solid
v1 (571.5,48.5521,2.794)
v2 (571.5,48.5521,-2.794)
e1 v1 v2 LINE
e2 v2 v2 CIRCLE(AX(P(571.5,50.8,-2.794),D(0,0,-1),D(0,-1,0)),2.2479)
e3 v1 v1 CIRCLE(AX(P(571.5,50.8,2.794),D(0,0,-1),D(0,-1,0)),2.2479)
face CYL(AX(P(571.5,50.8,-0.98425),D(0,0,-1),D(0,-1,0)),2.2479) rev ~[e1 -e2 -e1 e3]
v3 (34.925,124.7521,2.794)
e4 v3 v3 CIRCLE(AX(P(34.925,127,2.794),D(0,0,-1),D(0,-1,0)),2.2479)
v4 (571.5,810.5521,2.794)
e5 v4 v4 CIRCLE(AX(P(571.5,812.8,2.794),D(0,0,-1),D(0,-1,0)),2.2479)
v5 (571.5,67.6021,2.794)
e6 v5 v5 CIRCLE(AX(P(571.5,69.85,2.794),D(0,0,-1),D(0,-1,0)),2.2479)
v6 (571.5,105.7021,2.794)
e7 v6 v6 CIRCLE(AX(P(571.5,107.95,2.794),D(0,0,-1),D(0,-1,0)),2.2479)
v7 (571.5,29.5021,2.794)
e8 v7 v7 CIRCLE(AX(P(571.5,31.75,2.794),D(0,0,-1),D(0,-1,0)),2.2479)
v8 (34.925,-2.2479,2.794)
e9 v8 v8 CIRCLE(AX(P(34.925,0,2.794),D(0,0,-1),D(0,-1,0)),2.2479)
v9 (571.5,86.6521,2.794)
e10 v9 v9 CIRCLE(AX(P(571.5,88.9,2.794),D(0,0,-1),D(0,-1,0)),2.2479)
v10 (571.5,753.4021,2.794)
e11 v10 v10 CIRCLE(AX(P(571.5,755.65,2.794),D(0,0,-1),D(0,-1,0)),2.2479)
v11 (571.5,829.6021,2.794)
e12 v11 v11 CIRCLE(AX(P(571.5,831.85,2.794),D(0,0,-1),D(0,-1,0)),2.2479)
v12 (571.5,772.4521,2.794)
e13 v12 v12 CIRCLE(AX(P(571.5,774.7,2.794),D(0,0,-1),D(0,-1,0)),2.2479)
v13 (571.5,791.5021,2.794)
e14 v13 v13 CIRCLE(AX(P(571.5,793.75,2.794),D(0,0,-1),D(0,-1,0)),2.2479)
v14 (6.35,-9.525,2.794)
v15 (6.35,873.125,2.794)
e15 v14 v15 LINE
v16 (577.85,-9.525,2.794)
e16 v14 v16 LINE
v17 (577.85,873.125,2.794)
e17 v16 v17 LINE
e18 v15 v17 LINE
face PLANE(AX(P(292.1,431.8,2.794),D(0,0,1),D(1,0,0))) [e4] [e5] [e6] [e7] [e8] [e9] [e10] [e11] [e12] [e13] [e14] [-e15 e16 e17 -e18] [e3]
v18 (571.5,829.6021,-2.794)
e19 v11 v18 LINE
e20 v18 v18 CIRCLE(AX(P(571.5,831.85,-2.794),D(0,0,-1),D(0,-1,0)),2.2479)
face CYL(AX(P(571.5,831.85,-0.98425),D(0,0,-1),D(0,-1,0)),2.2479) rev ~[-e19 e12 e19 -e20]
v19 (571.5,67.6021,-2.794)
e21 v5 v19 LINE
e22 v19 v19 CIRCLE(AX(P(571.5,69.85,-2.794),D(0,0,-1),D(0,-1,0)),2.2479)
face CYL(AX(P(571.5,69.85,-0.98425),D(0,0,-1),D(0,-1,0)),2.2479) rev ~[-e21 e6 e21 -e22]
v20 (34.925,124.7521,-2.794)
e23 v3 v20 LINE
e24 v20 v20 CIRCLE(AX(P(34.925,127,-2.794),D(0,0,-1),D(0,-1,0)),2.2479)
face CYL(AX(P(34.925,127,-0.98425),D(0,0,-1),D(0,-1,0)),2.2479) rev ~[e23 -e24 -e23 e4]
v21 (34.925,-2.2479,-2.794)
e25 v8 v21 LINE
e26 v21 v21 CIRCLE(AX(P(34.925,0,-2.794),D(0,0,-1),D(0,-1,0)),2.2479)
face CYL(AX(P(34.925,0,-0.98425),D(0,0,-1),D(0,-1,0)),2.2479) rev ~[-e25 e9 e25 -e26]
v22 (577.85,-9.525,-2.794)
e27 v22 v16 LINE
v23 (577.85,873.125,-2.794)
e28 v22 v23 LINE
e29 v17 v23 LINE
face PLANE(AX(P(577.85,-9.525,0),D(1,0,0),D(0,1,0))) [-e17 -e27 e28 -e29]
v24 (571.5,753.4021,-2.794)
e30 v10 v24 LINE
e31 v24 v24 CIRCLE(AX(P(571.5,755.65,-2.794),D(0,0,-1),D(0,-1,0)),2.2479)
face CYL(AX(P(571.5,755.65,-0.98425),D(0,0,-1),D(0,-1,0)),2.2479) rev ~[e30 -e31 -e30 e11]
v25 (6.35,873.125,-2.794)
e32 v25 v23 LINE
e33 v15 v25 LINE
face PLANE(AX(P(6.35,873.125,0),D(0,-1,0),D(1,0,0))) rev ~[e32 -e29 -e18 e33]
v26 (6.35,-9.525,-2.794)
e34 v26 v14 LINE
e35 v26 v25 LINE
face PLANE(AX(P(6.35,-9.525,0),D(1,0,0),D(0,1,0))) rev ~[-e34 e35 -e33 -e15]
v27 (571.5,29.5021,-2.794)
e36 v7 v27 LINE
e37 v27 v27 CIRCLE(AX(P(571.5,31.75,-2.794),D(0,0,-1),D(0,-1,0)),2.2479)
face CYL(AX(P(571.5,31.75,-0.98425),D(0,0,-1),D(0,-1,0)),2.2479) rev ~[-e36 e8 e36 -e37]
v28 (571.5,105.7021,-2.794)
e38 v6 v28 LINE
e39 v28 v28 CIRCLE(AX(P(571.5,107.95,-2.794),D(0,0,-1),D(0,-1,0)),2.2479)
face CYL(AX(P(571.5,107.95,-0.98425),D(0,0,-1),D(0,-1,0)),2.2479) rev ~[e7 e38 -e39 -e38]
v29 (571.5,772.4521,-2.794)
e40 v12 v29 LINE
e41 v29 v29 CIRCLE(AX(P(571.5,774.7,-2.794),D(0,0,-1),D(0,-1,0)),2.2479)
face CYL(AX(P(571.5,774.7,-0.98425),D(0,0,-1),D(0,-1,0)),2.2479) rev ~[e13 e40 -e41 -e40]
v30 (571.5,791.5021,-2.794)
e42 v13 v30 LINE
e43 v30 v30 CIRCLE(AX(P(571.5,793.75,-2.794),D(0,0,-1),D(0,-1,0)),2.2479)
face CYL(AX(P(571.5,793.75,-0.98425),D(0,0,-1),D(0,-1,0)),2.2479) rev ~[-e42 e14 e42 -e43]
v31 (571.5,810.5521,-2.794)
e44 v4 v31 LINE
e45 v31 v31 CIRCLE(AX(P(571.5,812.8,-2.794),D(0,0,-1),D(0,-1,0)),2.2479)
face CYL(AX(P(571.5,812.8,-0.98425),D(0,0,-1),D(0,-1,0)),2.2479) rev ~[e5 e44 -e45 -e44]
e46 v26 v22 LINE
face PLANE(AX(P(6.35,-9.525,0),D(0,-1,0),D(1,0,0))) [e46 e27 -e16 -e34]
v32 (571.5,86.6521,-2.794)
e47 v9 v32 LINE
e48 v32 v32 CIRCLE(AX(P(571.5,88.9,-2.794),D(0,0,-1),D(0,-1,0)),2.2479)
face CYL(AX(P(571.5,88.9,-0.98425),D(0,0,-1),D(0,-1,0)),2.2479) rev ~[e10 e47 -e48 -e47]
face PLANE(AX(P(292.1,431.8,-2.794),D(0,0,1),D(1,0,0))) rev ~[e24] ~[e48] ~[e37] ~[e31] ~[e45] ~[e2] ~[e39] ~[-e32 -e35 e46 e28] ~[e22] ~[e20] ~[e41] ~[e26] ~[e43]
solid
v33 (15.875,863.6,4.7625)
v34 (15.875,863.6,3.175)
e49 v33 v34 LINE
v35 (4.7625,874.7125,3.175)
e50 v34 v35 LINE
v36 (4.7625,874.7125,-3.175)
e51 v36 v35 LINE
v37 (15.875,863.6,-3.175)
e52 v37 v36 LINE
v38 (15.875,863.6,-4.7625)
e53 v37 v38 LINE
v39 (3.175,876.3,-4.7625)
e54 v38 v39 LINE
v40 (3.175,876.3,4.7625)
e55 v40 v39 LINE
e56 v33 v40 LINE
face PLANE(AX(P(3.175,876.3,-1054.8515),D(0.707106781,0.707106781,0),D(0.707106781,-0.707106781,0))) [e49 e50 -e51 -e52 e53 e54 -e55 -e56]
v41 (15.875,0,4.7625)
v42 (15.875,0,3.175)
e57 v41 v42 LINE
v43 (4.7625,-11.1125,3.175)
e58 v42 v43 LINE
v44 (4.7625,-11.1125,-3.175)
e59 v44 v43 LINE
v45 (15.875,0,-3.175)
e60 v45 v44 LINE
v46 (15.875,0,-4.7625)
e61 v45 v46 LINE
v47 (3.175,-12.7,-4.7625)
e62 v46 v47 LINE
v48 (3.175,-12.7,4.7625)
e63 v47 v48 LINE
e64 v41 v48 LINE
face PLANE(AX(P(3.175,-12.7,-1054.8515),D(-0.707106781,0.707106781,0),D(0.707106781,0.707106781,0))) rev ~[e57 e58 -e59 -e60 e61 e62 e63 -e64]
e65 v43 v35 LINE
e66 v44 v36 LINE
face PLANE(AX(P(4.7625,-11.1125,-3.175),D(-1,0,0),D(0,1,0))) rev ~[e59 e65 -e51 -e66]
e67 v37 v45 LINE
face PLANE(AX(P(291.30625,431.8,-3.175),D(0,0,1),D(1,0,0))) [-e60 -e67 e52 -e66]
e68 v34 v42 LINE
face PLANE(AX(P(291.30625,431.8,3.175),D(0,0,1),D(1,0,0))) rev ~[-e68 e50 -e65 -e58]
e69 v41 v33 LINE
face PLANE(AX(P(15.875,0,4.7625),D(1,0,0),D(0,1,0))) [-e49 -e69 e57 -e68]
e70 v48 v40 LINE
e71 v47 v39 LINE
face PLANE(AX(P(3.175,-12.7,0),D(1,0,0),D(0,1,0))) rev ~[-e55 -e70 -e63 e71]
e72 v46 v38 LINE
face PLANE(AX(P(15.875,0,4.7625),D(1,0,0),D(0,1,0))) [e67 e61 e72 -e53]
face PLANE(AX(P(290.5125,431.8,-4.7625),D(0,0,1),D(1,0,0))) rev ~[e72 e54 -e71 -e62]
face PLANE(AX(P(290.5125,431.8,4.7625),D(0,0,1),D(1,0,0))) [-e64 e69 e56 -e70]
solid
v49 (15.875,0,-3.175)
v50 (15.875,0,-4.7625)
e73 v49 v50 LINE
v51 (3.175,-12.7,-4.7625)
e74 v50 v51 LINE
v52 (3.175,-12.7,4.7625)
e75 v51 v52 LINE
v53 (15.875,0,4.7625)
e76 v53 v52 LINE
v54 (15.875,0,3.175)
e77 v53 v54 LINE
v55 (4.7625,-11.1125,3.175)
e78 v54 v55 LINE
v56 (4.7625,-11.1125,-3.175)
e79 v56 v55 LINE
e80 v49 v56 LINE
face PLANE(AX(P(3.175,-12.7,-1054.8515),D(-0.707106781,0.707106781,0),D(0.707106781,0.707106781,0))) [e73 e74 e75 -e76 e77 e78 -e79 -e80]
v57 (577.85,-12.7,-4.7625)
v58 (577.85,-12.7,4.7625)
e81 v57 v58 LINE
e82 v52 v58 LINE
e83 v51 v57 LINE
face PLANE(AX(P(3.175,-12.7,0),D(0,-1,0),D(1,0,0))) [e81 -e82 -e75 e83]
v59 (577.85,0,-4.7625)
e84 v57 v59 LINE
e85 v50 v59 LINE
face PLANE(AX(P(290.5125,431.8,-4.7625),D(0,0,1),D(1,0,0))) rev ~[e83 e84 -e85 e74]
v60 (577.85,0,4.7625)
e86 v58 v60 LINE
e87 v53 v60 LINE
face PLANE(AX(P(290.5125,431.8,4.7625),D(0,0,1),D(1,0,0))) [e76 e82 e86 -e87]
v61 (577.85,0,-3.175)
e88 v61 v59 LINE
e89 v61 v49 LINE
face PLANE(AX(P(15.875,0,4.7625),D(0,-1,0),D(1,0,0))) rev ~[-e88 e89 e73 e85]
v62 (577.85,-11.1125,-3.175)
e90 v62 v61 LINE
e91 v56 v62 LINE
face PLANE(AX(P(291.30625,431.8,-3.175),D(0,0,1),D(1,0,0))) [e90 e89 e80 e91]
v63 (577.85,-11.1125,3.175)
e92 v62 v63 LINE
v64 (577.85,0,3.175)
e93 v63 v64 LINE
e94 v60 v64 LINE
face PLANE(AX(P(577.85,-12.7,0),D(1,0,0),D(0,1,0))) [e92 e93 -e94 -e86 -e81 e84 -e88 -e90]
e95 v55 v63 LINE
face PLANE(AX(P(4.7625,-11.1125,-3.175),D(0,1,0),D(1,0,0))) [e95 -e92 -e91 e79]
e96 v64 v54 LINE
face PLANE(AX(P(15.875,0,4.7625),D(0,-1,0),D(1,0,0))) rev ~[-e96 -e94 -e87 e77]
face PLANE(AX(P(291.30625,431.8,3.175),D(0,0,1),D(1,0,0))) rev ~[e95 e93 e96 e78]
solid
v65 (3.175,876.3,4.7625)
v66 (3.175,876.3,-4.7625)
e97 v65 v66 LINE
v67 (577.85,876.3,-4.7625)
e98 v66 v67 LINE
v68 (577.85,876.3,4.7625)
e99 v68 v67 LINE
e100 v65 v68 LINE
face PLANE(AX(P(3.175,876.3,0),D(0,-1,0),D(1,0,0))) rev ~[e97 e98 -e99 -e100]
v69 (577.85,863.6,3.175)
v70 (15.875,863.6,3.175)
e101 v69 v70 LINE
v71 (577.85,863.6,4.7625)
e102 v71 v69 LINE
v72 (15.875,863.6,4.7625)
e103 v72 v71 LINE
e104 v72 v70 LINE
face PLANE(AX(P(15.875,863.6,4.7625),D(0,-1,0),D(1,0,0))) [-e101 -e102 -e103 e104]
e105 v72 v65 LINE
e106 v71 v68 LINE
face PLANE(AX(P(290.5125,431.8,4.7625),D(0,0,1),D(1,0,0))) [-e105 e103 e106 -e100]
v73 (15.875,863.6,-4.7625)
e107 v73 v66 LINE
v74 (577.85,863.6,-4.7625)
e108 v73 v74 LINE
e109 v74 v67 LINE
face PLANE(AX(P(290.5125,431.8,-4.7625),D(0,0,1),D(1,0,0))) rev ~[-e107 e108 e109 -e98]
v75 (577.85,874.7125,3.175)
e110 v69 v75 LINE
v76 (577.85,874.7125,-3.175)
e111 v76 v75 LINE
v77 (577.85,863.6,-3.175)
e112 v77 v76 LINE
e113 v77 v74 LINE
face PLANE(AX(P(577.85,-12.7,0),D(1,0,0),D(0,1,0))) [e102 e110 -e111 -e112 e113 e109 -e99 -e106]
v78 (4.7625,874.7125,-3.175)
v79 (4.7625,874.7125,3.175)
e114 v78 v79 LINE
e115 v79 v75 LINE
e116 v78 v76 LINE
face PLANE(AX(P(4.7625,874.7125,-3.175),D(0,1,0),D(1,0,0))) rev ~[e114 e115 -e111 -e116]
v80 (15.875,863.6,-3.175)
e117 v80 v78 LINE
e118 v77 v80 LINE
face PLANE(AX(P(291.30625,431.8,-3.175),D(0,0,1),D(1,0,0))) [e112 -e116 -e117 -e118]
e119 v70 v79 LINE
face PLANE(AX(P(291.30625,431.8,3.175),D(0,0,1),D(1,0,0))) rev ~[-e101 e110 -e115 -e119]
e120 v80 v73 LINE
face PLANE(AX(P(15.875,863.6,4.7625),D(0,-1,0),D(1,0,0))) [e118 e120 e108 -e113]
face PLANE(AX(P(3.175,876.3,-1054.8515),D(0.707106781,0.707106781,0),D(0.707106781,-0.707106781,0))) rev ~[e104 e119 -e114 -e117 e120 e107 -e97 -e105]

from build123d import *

# Parameters (mm, degrees)
SKETCH2_W                             = 574.675
SKETCH2_H                             = 889
FRAME_OUTER_DIMENSIONS_DEPTH          = 4.7625
SKETCH3_W                             = 561.975
SKETCH3_H                             = 863.6
FRAME_INNER_DIMENSIONS_DEPTH          = 1050.71569395
FRAME_PROFILE_DEPTH                   = 3.175
FRAME_PROFILE_DEPTH_BACK              = 3.175
SKETCH4_W                             = 573.0875
SKETCH4_H                             = 885.825
FRAME_SECTION_SPLIT_SURFACE_1_1_BACK  = 1059.614
FRAME_SECTION_SPLIT_SURFACE_1_1_DEPTH = 2119.228
FRAME_SECTION_SPLIT_SURFACE_1_2_BACK  = 1059.614
FRAME_SECTION_SPLIT_SURFACE_1_2_DEPTH = 2119.228
FRAME_SECTION_SPLIT_SURFACE_2_3_BACK  = 1059.614
FRAME_SECTION_SPLIT_SURFACE_2_3_DEPTH = 2119.228
FRAME_SECTION_SPLIT_SURFACE_2_4_BACK  = 1059.614
FRAME_SECTION_SPLIT_SURFACE_2_4_DEPTH = 2119.228
SKETCH5_W                             = 571.5
SKETCH5_H                             = 882.65
DOOR_PANEL_DEPTH                      = 2.794
SKETCH9_W                             = 2.2479
SKETCH9_H                             = 7.5565
F_8_CLEARANCE_HOLE1_AT_2_COUNT        = 2
F_8_CLEARANCE_HOLE1_AT_2_PITCH        = 19.05
F_8_CLEARANCE_HOLE1_AT_3_COUNT        = 2
F_8_CLEARANCE_HOLE1_AT_3_PITCH        = 38.1
F_8_CLEARANCE_HOLE1_AT_4_COUNT        = 2
F_8_CLEARANCE_HOLE1_AT_4_PITCH        = 57.15
F_8_CLEARANCE_HOLE1_AT_5_COUNT        = 2
F_8_CLEARANCE_HOLE1_AT_5_PITCH        = 76.2
F_8_CLEARANCE_HOLE1_AT_6_COUNT        = 2
F_8_CLEARANCE_HOLE1_AT_6_PITCH        = 742.95
F_8_CLEARANCE_HOLE1_AT_7_COUNT        = 2
F_8_CLEARANCE_HOLE1_AT_7_PITCH        = 762
F_8_CLEARANCE_HOLE1_AT_8_COUNT        = 2
F_8_CLEARANCE_HOLE1_AT_8_PITCH        = 781.05
F_8_CLEARANCE_HOLE1_AT_9_COUNT        = 2
F_8_CLEARANCE_HOLE1_AT_9_PITCH        = 800.1
F_8_CLEARANCE_HOLE1_AT_10_COUNT       = 2
F_8_CLEARANCE_HOLE1_AT_10_PITCH       = 723.9
SKETCH12_W                            = 2.2479
SKETCH12_H                            = 7.5565
F_8_CLEARANCE_HOLE2_AT_2_COUNT        = 2
F_8_CLEARANCE_HOLE2_AT_2_PITCH        = 127


with BuildPart() as part:
    # Sketch2 → Frame outer dimensions (new, symmetric)
    with BuildSketch(Plane.XY):
        with Locations((290.5125, 431.8)):
            Rectangle(SKETCH2_W, SKETCH2_H)
    extrude(amount=FRAME_OUTER_DIMENSIONS_DEPTH, both=True)

    # Sketch3 → Frame inner dimensions (cut, through all)
    with BuildSketch(Plane.XY.offset(4.7625)):
        with Locations((296.8625, 431.8)):
            Rectangle(SKETCH3_W, SKETCH3_H)
    extrude(amount=-FRAME_INNER_DIMENSIONS_DEPTH, mode=Mode.SUBTRACT)

    # Sketch4 → Frame profile (cut, two sides: drawn at the far end of the back side and taken through both)
    with BuildSketch(Plane.XY.offset(-FRAME_PROFILE_DEPTH_BACK)):
        with Locations((291.30625, 431.8)):
            Rectangle(SKETCH4_W, SKETCH4_H)
    extrude(amount=FRAME_PROFILE_DEPTH + FRAME_PROFILE_DEPTH_BACK, mode=Mode.SUBTRACT)


with BuildPart() as body_2:
    # Frame section split: the piece behind the surface
    add(part.part)
    # Frame section split surface 1: a surface, the sketch's curves swept straight by 2119.228 mm
    with BuildLine(Plane.XY.offset(4.7625).offset(-FRAME_SECTION_SPLIT_SURFACE_1_1_BACK), mode=Mode.PRIVATE) as frame_section_split_surface_1_1_path:
        Line((3.175, 876.3), (15.875, 863.6))
    frame_section_split_surface_1_1 = Shell.extrude(frame_section_split_surface_1_1_path.wire(), (0 * FRAME_SECTION_SPLIT_SURFACE_1_1_DEPTH, 0 * FRAME_SECTION_SPLIT_SURFACE_1_1_DEPTH, 1 * FRAME_SECTION_SPLIT_SURFACE_1_1_DEPTH))
    split(bisect_by=frame_section_split_surface_1_1, keep=Keep.BOTTOM)


with BuildPart() as part_1:
    add(part.part)

    # Frame section split: split by a surface, the side it looks to stays
    # Frame section split surface 1: a surface, the sketch's curves swept straight by 2119.228 mm
    with BuildLine(Plane.XY.offset(4.7625).offset(-FRAME_SECTION_SPLIT_SURFACE_1_2_BACK), mode=Mode.PRIVATE) as frame_section_split_surface_1_2_path:
        Line((3.175, 876.3), (15.875, 863.6))
    frame_section_split_surface_1_2 = Shell.extrude(frame_section_split_surface_1_2_path.wire(), (0 * FRAME_SECTION_SPLIT_SURFACE_1_2_DEPTH, 0 * FRAME_SECTION_SPLIT_SURFACE_1_2_DEPTH, 1 * FRAME_SECTION_SPLIT_SURFACE_1_2_DEPTH))
    split(bisect_by=frame_section_split_surface_1_2, keep=Keep.TOP)


with BuildPart() as body_3:
    # Frame section split 2 body 2: the piece behind the surface
    add(body_2.part)
    # Frame section split surface 2: a surface, the sketch's curves swept straight by 2119.228 mm
    with BuildLine(Plane.XY.offset(4.7625).offset(-FRAME_SECTION_SPLIT_SURFACE_2_3_BACK), mode=Mode.PRIVATE) as frame_section_split_surface_2_3_path:
        Line((3.175, -12.7), (15.875, 0))
    frame_section_split_surface_2_3 = Shell.extrude(frame_section_split_surface_2_3_path.wire(), (0 * FRAME_SECTION_SPLIT_SURFACE_2_3_DEPTH, 0 * FRAME_SECTION_SPLIT_SURFACE_2_3_DEPTH, 1 * FRAME_SECTION_SPLIT_SURFACE_2_3_DEPTH))
    split(bisect_by=frame_section_split_surface_2_3, keep=Keep.BOTTOM)


with BuildPart() as body_2_1:
    add(body_2.part)

    # Frame section split 2 body 2: split by a surface, the side it looks to stays
    # Frame section split surface 2: a surface, the sketch's curves swept straight by 2119.228 mm
    with BuildLine(Plane.XY.offset(4.7625).offset(-FRAME_SECTION_SPLIT_SURFACE_2_4_BACK), mode=Mode.PRIVATE) as frame_section_split_surface_2_4_path:
        Line((3.175, -12.7), (15.875, 0))
    frame_section_split_surface_2_4 = Shell.extrude(frame_section_split_surface_2_4_path.wire(), (0 * FRAME_SECTION_SPLIT_SURFACE_2_4_DEPTH, 0 * FRAME_SECTION_SPLIT_SURFACE_2_4_DEPTH, 1 * FRAME_SECTION_SPLIT_SURFACE_2_4_DEPTH))
    split(bisect_by=frame_section_split_surface_2_4, keep=Keep.TOP)


with BuildPart() as body_4:
    # Sketch5 → Door panel (new, symmetric)
    with BuildSketch(Plane.XY):
        with Locations((292.1, 431.8)):
            Rectangle(SKETCH5_W, SKETCH5_H)
    extrude(amount=DOOR_PANEL_DEPTH, both=True)

    # Sketch9 → #8 Clearance Hole1 (revolve, cut)
    with BuildSketch(Plane(origin=(571.5, 31.75, 2.794), x_dir=(0, -1, 0), z_dir=(1, 0, 0))):
        with Locations((1.12395, 3.77825)):
            Rectangle(SKETCH9_W, SKETCH9_H)
    f_8_clearance_hole1 = revolve(axis=Axis((571.5, 31.75, 9.144), (0, 0, -1)), mode=Mode.SUBTRACT)

    # #8 Clearance Hole1 at 2: #8 Clearance Hole1 ×2
    with Locations(*[(0, i * F_8_CLEARANCE_HOLE1_AT_2_PITCH, 0) for i in range(1, F_8_CLEARANCE_HOLE1_AT_2_COUNT)]):
        add(f_8_clearance_hole1, mode=Mode.SUBTRACT)

    # #8 Clearance Hole1 at 3: #8 Clearance Hole1 ×2
    with Locations(*[(0, i * F_8_CLEARANCE_HOLE1_AT_3_PITCH, 0) for i in range(1, F_8_CLEARANCE_HOLE1_AT_3_COUNT)]):
        add(f_8_clearance_hole1, mode=Mode.SUBTRACT)

    # #8 Clearance Hole1 at 4: #8 Clearance Hole1 ×2
    with Locations(*[(0, i * F_8_CLEARANCE_HOLE1_AT_4_PITCH, 0) for i in range(1, F_8_CLEARANCE_HOLE1_AT_4_COUNT)]):
        add(f_8_clearance_hole1, mode=Mode.SUBTRACT)

    # #8 Clearance Hole1 at 5: #8 Clearance Hole1 ×2
    with Locations(*[(0, i * F_8_CLEARANCE_HOLE1_AT_5_PITCH, 0) for i in range(1, F_8_CLEARANCE_HOLE1_AT_5_COUNT)]):
        add(f_8_clearance_hole1, mode=Mode.SUBTRACT)

    # #8 Clearance Hole1 at 6: #8 Clearance Hole1 ×2
    with Locations(*[(0, i * F_8_CLEARANCE_HOLE1_AT_6_PITCH, 0) for i in range(1, F_8_CLEARANCE_HOLE1_AT_6_COUNT)]):
        add(f_8_clearance_hole1, mode=Mode.SUBTRACT)

    # #8 Clearance Hole1 at 7: #8 Clearance Hole1 ×2
    with Locations(*[(0, i * F_8_CLEARANCE_HOLE1_AT_7_PITCH, 0) for i in range(1, F_8_CLEARANCE_HOLE1_AT_7_COUNT)]):
        add(f_8_clearance_hole1, mode=Mode.SUBTRACT)

    # #8 Clearance Hole1 at 8: #8 Clearance Hole1 ×2
    with Locations(*[(0, i * F_8_CLEARANCE_HOLE1_AT_8_PITCH, 0) for i in range(1, F_8_CLEARANCE_HOLE1_AT_8_COUNT)]):
        add(f_8_clearance_hole1, mode=Mode.SUBTRACT)

    # #8 Clearance Hole1 at 9: #8 Clearance Hole1 ×2
    with Locations(*[(0, i * F_8_CLEARANCE_HOLE1_AT_9_PITCH, 0) for i in range(1, F_8_CLEARANCE_HOLE1_AT_9_COUNT)]):
        add(f_8_clearance_hole1, mode=Mode.SUBTRACT)

    # #8 Clearance Hole1 at 10: #8 Clearance Hole1 ×2
    with Locations(*[(0, i * F_8_CLEARANCE_HOLE1_AT_10_PITCH, 0) for i in range(1, F_8_CLEARANCE_HOLE1_AT_10_COUNT)]):
        add(f_8_clearance_hole1, mode=Mode.SUBTRACT)

    # Sketch12 → #8 Clearance Hole2 (revolve, cut)
    with BuildSketch(Plane(origin=(34.925, 0, 2.794), x_dir=(0, -1, 0), z_dir=(1, 0, 0))):
        with Locations((1.12395, 3.77825)):
            Rectangle(SKETCH12_W, SKETCH12_H)
    f_8_clearance_hole2 = revolve(axis=Axis((34.925, 0, 9.144), (0, 0, -1)), mode=Mode.SUBTRACT)

    # #8 Clearance Hole2 at 2: #8 Clearance Hole2 ×2
    with Locations(*[(0, i * F_8_CLEARANCE_HOLE2_AT_2_PITCH, 0) for i in range(1, F_8_CLEARANCE_HOLE2_AT_2_COUNT)]):
        add(f_8_clearance_hole2, mode=Mode.SUBTRACT)


with BuildPart() as body_5:
    # Mirror1: mirrored copy
    add(part_1.part.mirror(Plane(origin=(0, 0, 0), x_dir=(0, 0, 1), z_dir=(1, 0, 0))))


with BuildPart() as body_6:
    # Mirror1 2: mirrored copy
    add(body_2_1.part.mirror(Plane(origin=(0, 0, 0), x_dir=(0, 0, 1), z_dir=(1, 0, 0))))


with BuildPart() as body_7:
    # Mirror1 3: mirrored copy
    add(body_3.part.mirror(Plane(origin=(0, 0, 0), x_dir=(0, 0, 1), z_dir=(1, 0, 0))))


with BuildPart() as body_8:
    # Mirror1 4: mirrored copy
    add(body_4.part.mirror(Plane(origin=(0, 0, 0), x_dir=(0, 0, 1), z_dir=(1, 0, 0))))


solid = Compound([part_1.part, body_3.part, body_2_1.part, body_4.part])
